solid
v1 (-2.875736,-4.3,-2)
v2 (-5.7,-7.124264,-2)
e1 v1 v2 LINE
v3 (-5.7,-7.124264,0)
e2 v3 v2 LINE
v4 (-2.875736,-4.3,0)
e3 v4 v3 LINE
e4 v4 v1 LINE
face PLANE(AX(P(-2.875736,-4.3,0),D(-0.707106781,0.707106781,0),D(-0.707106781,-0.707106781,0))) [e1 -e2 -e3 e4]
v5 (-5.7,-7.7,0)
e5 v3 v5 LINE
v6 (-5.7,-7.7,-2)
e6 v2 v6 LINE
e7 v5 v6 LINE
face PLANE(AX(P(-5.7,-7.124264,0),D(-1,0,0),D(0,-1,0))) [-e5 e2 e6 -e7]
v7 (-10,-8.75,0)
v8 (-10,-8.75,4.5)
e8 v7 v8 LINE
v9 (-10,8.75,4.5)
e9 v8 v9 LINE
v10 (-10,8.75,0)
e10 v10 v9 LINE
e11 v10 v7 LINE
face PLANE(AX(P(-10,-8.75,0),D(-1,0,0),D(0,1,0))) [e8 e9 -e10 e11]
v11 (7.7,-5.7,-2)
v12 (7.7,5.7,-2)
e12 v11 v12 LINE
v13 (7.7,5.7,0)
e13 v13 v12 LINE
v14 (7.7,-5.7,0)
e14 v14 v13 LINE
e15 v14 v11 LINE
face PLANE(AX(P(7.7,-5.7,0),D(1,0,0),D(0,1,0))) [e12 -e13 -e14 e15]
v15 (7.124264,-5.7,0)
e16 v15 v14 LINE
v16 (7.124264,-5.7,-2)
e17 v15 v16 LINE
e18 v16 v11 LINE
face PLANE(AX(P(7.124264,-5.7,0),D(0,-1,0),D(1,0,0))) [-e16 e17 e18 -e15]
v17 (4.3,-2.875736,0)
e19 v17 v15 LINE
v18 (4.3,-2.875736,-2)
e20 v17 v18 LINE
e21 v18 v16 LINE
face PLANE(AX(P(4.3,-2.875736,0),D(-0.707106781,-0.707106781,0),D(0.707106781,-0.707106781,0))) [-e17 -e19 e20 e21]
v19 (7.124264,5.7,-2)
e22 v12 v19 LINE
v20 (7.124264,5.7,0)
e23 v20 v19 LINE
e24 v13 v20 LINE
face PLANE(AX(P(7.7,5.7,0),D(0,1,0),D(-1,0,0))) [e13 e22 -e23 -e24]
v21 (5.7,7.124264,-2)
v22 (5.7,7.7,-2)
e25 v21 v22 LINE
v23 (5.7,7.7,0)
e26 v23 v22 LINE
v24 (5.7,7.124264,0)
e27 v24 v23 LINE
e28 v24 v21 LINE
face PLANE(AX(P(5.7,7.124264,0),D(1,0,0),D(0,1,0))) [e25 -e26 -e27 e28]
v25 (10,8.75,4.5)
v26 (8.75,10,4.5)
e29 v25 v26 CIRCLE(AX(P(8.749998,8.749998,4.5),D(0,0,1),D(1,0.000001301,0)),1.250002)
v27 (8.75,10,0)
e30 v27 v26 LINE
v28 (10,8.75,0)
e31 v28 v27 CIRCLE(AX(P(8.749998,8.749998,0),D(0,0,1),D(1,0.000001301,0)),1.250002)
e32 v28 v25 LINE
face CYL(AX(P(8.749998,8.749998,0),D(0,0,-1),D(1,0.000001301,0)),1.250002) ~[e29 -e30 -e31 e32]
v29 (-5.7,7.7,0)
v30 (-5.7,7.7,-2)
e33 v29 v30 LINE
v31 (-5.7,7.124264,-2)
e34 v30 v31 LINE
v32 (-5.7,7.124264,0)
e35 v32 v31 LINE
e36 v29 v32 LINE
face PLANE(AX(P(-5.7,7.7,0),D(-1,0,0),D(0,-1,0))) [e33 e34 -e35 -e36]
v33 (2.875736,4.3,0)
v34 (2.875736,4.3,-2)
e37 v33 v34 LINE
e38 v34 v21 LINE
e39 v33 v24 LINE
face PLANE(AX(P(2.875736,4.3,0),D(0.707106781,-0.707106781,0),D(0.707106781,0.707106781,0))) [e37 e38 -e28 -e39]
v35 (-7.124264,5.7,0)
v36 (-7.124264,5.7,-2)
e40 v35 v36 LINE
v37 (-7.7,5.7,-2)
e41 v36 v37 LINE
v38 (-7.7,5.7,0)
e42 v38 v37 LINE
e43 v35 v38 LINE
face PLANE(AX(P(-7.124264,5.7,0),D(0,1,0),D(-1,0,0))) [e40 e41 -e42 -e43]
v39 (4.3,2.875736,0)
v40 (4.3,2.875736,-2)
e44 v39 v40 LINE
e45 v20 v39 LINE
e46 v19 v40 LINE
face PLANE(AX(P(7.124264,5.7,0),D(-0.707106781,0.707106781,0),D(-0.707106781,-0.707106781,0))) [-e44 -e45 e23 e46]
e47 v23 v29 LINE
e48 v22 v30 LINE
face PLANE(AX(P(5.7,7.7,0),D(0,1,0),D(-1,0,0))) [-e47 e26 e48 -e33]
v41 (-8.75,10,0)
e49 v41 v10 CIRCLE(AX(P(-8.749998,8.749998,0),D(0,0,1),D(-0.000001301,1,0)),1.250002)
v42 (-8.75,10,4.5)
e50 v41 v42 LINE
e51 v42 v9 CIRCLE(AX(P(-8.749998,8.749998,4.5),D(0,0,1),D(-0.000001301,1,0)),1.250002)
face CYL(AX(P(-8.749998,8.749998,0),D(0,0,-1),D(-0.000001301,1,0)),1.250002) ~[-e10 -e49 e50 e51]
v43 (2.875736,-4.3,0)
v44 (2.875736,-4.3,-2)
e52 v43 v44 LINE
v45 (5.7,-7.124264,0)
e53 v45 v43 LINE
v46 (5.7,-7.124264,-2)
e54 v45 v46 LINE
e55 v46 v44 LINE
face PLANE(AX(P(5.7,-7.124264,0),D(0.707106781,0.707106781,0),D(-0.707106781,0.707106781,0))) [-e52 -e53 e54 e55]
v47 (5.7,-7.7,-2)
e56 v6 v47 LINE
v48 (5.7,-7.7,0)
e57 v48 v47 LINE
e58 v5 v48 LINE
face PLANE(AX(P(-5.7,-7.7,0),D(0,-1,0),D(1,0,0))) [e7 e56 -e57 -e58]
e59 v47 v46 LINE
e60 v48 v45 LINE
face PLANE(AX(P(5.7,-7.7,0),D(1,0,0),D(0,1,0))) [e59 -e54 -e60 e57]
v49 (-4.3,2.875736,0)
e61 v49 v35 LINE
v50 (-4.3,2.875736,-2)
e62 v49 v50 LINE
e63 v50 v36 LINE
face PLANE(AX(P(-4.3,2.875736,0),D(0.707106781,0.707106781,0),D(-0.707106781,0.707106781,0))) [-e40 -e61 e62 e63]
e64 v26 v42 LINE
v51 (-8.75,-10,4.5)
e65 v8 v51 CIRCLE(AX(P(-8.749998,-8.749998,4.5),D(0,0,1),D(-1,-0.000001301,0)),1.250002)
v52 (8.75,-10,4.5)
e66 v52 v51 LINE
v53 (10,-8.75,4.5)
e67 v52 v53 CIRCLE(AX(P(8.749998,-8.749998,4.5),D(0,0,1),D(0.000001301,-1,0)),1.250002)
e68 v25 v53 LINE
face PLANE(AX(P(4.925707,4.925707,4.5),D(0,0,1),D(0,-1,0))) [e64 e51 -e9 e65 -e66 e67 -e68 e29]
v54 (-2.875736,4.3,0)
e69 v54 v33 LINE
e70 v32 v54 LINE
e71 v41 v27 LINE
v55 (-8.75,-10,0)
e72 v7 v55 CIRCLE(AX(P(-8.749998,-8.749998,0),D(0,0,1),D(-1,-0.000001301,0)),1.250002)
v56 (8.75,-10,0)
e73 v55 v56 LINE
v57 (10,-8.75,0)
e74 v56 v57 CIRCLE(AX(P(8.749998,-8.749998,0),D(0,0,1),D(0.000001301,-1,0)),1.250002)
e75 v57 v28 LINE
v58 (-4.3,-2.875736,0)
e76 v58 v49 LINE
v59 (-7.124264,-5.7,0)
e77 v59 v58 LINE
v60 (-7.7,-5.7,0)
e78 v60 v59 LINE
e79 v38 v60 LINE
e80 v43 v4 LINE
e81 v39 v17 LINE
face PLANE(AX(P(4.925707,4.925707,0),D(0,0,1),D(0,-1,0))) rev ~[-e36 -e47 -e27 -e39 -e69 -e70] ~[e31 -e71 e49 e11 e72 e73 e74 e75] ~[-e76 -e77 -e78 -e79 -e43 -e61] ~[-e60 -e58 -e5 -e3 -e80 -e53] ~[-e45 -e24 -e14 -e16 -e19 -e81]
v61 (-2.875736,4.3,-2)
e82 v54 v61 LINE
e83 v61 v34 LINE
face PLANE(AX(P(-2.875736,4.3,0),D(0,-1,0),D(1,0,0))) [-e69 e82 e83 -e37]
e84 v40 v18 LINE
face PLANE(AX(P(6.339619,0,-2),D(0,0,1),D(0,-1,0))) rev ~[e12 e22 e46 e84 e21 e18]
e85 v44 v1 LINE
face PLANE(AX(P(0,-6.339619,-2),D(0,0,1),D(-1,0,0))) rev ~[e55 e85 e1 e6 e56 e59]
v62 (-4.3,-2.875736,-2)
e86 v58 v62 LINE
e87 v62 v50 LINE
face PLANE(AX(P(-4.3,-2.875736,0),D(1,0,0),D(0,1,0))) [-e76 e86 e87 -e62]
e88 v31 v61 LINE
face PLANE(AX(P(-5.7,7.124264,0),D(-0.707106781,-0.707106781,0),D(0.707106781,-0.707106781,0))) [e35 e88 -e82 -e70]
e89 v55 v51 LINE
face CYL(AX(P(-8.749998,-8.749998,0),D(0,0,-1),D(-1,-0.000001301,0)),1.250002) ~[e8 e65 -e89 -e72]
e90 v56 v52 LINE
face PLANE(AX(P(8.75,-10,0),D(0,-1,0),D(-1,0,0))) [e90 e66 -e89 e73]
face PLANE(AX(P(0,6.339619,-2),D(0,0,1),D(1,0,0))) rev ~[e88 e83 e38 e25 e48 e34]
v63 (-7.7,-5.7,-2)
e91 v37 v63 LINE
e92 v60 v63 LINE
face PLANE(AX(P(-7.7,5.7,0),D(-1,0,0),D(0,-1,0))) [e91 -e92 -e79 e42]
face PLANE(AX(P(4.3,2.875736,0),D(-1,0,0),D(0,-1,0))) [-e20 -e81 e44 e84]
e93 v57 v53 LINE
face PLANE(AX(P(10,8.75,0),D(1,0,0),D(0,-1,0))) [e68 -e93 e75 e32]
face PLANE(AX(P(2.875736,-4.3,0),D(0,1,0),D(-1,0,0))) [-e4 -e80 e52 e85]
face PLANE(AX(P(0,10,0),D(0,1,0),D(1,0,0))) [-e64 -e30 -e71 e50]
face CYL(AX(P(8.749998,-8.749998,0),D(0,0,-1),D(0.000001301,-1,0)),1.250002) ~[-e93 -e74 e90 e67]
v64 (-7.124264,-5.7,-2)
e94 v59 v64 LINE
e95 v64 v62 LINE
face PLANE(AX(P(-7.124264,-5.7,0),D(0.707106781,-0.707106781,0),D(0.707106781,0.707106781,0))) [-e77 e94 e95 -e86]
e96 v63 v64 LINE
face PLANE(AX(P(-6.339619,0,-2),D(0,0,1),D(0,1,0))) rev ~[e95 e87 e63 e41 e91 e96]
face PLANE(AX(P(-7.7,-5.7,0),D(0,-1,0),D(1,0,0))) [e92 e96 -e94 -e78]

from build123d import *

# Parameters (mm, degrees)
PAD087_DEPTH          = 4.5
POLARPATTERN008_COUNT = 4
PAD088_DEPTH          = 2
POLARPATTERN009_COUNT = 4


with BuildPart() as part:
    # Sketch179 → Pad087 (new body)
    with BuildSketch(Plane.XY):
        with BuildLine():
            Line((0, 0), (0, 10))
            Line((-8.75, 10), (0, 10))
            ThreePointArc((-8.75, 10), (-9.633883, 9.633883), (-10, 8.75))
            Line((-10, 0), (-10, 8.75))
            Line((0, 0), (-10, 0))
        make_face()
    pad087 = extrude(amount=PAD087_DEPTH)

    # PolarPattern008: Pad087 ×4 about axis
    polarpattern008_axis = Axis((0, 0, 0), (0, 0, 1))
    for i in range(1, POLARPATTERN008_COUNT):
        add(pad087.rotate(polarpattern008_axis, i * 360 / POLARPATTERN008_COUNT))

    # Sketch178 → Pad088 (join)
    with BuildSketch(Plane.XY):
        Polygon((-5.7, 7.124264), (-2.875736, 4.3), (2.875736, 4.3), (5.7, 7.124264), (5.7, 7.7), (-5.7, 7.7), align=None)
    pad088 = extrude(amount=-PAD088_DEPTH)

    # PolarPattern009: Pad088 ×4 about axis
    polarpattern009_axis = Axis((0, 0, 0), (0, 0, 1))
    for i in range(1, POLARPATTERN009_COUNT):
        add(pad088.rotate(polarpattern009_axis, i * 360 / POLARPATTERN009_COUNT))


solid = part.part
